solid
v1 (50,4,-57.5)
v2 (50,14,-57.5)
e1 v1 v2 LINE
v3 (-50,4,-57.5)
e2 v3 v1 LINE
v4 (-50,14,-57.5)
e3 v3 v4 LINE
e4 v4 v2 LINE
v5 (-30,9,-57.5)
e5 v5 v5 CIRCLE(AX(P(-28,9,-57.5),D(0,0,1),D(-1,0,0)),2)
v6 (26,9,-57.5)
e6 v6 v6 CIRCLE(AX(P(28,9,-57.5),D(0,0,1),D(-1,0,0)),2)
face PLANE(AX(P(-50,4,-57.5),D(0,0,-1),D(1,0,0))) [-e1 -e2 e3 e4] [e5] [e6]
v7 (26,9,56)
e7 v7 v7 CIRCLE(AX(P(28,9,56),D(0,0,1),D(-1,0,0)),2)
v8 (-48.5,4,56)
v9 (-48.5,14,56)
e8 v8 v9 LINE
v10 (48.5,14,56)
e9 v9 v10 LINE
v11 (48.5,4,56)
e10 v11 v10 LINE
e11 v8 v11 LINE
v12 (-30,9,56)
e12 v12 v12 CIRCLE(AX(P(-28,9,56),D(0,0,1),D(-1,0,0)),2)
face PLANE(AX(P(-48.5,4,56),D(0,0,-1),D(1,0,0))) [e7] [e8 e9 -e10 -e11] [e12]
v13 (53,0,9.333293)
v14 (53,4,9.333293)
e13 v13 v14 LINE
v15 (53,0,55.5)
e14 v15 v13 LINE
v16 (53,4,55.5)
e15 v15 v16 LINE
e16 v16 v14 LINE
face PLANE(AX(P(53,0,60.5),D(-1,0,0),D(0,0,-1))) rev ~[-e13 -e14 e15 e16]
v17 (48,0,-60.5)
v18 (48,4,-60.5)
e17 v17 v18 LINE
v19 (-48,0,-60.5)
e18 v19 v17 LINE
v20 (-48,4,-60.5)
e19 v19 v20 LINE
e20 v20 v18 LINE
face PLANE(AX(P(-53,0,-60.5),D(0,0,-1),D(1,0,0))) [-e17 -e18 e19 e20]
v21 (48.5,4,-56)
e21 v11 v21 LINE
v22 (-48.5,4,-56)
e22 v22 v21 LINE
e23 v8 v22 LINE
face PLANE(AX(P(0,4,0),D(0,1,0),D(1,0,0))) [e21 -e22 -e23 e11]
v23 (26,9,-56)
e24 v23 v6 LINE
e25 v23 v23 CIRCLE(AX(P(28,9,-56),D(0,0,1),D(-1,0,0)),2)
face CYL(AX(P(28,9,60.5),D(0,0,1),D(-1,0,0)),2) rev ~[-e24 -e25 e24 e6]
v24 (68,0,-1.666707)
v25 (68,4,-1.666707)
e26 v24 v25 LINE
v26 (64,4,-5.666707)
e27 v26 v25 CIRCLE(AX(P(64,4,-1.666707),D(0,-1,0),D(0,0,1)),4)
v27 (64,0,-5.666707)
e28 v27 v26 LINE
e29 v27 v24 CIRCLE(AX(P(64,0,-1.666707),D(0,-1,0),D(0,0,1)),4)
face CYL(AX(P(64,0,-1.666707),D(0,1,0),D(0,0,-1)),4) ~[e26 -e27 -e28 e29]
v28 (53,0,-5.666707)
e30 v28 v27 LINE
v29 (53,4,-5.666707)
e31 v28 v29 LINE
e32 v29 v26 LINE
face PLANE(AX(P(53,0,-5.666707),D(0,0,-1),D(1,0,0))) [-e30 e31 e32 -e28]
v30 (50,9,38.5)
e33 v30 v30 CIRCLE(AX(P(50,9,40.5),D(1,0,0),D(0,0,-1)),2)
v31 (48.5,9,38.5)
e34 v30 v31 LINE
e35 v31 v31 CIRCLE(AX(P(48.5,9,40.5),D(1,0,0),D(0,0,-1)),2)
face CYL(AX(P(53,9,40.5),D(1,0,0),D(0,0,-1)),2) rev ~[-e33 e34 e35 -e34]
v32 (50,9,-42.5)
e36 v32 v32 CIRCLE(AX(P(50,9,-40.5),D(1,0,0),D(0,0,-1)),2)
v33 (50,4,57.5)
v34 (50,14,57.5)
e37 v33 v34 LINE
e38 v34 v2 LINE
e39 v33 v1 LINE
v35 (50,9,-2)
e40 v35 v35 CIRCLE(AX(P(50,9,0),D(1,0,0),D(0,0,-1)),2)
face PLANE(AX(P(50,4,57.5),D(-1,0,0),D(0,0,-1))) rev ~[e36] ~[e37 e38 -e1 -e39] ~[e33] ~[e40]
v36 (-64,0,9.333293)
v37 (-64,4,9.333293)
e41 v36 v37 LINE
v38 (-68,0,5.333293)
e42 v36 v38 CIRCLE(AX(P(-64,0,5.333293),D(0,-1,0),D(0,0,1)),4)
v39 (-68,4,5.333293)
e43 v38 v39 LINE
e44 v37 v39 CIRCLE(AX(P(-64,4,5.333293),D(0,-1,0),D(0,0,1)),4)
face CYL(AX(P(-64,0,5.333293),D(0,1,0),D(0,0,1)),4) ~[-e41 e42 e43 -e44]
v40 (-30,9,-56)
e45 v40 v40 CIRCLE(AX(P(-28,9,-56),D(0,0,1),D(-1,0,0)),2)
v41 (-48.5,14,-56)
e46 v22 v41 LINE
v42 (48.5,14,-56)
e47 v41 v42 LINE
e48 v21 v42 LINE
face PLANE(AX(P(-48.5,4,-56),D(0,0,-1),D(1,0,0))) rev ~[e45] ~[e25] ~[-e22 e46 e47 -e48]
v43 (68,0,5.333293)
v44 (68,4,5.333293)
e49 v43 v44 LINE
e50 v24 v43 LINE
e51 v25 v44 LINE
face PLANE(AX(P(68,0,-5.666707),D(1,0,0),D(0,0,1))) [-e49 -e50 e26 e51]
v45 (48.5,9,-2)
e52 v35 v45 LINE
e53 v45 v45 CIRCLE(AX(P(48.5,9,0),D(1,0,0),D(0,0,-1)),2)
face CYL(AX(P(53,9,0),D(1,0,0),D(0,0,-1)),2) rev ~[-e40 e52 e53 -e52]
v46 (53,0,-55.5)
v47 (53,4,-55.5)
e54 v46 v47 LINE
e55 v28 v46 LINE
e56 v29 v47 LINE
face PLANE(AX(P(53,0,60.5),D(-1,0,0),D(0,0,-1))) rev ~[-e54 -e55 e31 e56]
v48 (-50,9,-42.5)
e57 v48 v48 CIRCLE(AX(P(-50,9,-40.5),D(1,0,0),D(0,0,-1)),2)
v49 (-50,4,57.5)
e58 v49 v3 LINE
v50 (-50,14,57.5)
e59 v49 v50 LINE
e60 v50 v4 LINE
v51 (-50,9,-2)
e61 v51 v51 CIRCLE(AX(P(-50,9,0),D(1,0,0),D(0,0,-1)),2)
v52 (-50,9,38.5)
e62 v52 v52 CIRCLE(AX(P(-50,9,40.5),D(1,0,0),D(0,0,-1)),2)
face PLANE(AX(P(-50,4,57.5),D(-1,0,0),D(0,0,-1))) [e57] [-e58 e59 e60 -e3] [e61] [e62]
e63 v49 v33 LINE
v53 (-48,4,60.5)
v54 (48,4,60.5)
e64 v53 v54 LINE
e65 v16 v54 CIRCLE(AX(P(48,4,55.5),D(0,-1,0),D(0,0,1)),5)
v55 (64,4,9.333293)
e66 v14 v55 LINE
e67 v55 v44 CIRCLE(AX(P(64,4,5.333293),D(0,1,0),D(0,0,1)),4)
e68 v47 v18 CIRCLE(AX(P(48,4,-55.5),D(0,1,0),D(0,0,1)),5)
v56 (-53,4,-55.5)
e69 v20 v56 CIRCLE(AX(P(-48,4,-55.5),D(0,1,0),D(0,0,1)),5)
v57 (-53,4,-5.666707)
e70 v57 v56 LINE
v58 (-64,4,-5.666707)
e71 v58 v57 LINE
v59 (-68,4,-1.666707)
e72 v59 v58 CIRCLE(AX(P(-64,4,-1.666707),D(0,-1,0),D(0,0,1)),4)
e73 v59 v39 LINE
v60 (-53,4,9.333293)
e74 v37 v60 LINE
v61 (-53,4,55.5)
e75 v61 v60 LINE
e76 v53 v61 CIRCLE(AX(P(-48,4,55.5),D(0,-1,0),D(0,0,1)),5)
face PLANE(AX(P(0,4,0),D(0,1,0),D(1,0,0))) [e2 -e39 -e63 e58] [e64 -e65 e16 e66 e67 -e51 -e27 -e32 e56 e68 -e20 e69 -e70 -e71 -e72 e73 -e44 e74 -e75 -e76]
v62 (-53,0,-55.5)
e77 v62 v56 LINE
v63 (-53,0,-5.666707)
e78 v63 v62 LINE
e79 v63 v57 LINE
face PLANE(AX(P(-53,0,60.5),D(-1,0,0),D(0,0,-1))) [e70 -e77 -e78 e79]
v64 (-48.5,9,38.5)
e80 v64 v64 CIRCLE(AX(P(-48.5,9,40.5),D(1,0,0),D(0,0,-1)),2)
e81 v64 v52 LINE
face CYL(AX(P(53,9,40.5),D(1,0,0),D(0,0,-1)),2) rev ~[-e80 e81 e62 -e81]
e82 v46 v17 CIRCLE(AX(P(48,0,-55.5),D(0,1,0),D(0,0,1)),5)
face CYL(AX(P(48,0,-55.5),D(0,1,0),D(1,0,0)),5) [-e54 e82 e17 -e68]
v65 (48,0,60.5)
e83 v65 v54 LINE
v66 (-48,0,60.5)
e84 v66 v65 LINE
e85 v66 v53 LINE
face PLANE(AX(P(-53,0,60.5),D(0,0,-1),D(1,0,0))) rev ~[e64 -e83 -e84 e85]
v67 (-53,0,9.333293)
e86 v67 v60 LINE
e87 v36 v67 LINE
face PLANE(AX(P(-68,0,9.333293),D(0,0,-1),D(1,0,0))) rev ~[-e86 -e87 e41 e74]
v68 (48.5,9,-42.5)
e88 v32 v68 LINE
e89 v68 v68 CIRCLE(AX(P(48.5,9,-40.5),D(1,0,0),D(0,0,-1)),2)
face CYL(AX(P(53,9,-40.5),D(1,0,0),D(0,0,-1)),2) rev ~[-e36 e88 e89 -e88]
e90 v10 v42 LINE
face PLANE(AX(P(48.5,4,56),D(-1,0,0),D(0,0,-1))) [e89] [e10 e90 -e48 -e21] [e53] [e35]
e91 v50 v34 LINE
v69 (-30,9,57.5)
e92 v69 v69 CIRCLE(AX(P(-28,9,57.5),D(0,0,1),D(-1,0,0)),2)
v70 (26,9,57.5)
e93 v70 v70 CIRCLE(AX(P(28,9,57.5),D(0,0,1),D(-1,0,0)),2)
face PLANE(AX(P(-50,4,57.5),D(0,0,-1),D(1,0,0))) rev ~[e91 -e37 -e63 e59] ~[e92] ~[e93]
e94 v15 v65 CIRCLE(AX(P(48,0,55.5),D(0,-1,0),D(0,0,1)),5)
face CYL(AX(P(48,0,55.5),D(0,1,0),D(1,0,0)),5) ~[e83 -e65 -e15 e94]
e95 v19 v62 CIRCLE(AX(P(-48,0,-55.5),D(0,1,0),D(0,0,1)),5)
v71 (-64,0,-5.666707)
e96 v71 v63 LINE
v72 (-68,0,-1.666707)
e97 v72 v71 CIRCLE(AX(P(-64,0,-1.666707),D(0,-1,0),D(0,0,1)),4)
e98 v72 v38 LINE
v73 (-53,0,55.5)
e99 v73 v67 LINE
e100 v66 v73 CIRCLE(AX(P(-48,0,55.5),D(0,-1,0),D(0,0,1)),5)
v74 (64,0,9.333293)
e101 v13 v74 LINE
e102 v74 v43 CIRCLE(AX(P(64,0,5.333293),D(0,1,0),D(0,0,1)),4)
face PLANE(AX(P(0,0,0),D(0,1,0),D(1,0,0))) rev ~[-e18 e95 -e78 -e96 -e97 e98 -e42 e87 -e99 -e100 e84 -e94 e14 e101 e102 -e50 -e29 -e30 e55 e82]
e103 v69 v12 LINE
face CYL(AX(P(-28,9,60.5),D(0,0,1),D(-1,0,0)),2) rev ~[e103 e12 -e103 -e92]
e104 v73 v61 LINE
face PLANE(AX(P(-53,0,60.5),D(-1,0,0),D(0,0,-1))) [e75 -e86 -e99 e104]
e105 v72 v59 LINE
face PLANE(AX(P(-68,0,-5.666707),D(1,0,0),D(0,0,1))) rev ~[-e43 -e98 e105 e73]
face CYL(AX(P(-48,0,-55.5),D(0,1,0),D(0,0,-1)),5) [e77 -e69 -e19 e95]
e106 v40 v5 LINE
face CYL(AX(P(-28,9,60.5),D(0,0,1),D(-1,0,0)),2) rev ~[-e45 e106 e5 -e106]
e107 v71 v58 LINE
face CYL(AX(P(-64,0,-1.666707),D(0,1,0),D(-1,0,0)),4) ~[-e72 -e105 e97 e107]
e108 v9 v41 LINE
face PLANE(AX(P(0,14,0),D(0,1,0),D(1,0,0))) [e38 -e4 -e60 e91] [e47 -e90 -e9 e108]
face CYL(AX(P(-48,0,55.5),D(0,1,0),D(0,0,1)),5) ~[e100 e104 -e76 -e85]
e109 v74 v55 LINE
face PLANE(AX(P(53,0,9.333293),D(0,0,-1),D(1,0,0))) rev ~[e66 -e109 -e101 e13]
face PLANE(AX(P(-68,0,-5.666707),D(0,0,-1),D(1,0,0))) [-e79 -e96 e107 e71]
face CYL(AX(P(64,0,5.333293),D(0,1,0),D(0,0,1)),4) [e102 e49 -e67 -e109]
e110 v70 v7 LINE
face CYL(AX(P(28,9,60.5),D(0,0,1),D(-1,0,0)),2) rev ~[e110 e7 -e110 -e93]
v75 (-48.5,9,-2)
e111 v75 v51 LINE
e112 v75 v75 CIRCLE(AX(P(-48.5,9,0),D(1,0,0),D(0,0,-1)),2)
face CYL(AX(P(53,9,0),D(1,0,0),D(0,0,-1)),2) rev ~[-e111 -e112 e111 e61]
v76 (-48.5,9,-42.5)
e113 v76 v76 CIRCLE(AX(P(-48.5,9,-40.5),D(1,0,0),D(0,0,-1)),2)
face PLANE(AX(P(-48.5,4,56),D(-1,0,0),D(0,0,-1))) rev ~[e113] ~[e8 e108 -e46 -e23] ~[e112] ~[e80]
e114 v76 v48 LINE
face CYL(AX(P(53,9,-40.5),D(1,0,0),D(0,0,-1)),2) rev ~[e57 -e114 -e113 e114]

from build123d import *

# Parameters (mm, degrees)
SKETCH1_W           = 106
SKETCH1_H           = 121
BOSS_EXTRUDE1_DEPTH = 4
SKETCH2_W           = 100
SKETCH2_H           = 115
SKETCH2_W_2         = 97
SKETCH2_H_2         = 112
BOSS_EXTRUDE2_DEPTH = 10
SKETCH5_W           = 15
SKETCH5_H           = 15
BOSS_EXTRUDE4_DEPTH = 4
FILLET1_R           = 4
SKETCH6_R           = 2
CUT_EXTRUDE1_DEPTH  = 119
SKETCH7_R           = 2
CUT_EXTRUDE2_DEPTH  = 126
FILLET2_R           = 5


with BuildPart() as part:
    # Sketch1 → Boss-Extrude1 (new body)
    with BuildSketch(Plane(origin=(0, 0, 0), x_dir=(1, 0, 0), z_dir=(0, 1, 0))):
        Rectangle(SKETCH1_W, SKETCH1_H)
    extrude(amount=BOSS_EXTRUDE1_DEPTH)

    # Sketch2 → Boss-Extrude2 (add)
    with BuildSketch(Plane(origin=(0, 4, 0), x_dir=(1, 0, 0), z_dir=(0, 1, 0))):
        Rectangle(SKETCH2_W, SKETCH2_H)
        Rectangle(SKETCH2_W_2, SKETCH2_H_2, mode=Mode.SUBTRACT)
    extrude(amount=BOSS_EXTRUDE2_DEPTH)

    # Sketch5 → Boss-Extrude4 (add)
    with BuildSketch(Plane.XZ):
        with Locations((60.5, 1.833292933)):
            Rectangle(SKETCH5_W, SKETCH5_H)
        with Locations((-60.5, 1.833292933)):
            Rectangle(SKETCH5_W, SKETCH5_H)
    extrude(amount=-BOSS_EXTRUDE4_DEPTH)

    # Fillet1
    fillet1_edges = [part.edges().sort_by_distance(p)[0] for p in [
        (68, 2, -5.666707067),
        (68, 2, 9.333292933),
        (-68, 2, 9.333292933),
        (-68, 2, -5.666707067),
    ]]
    fillet(fillet1_edges, radius=FILLET1_R)

    # Sketch6 → Cut-Extrude1 (cut)
    with BuildSketch(Plane(origin=(53, 0, 0), x_dir=(0, 0, -1), z_dir=(1, 0, 0))):
        with Locations((40.5, 9)):
            Circle(SKETCH6_R)
        with Locations((0, 9)):
            Circle(SKETCH6_R)
        with Locations((-40.5, 9)):
            Circle(SKETCH6_R)
    extrude(amount=-CUT_EXTRUDE1_DEPTH, mode=Mode.SUBTRACT)

    # Sketch7 → Cut-Extrude2 (cut)
    with BuildSketch(Plane.XY.offset(60.5)):
        with Locations(Location((28, 9, 0), (0, 0, 180))):
            Circle(SKETCH7_R)
        with Locations(Location((-28, 9, 0), (0, 0, 180))):
            Circle(SKETCH7_R)
    extrude(amount=-CUT_EXTRUDE2_DEPTH, mode=Mode.SUBTRACT)

    # Fillet2
    fillet2_edges = [part.edges().sort_by_distance(p)[0] for p in [
        (53, 2, 60.5),
        (-53, 2, 60.5),
        (-53, 2, -60.5),
        (53, 2, -60.5),
    ]]
    fillet(fillet2_edges, radius=FILLET2_R)


solid = part.part
